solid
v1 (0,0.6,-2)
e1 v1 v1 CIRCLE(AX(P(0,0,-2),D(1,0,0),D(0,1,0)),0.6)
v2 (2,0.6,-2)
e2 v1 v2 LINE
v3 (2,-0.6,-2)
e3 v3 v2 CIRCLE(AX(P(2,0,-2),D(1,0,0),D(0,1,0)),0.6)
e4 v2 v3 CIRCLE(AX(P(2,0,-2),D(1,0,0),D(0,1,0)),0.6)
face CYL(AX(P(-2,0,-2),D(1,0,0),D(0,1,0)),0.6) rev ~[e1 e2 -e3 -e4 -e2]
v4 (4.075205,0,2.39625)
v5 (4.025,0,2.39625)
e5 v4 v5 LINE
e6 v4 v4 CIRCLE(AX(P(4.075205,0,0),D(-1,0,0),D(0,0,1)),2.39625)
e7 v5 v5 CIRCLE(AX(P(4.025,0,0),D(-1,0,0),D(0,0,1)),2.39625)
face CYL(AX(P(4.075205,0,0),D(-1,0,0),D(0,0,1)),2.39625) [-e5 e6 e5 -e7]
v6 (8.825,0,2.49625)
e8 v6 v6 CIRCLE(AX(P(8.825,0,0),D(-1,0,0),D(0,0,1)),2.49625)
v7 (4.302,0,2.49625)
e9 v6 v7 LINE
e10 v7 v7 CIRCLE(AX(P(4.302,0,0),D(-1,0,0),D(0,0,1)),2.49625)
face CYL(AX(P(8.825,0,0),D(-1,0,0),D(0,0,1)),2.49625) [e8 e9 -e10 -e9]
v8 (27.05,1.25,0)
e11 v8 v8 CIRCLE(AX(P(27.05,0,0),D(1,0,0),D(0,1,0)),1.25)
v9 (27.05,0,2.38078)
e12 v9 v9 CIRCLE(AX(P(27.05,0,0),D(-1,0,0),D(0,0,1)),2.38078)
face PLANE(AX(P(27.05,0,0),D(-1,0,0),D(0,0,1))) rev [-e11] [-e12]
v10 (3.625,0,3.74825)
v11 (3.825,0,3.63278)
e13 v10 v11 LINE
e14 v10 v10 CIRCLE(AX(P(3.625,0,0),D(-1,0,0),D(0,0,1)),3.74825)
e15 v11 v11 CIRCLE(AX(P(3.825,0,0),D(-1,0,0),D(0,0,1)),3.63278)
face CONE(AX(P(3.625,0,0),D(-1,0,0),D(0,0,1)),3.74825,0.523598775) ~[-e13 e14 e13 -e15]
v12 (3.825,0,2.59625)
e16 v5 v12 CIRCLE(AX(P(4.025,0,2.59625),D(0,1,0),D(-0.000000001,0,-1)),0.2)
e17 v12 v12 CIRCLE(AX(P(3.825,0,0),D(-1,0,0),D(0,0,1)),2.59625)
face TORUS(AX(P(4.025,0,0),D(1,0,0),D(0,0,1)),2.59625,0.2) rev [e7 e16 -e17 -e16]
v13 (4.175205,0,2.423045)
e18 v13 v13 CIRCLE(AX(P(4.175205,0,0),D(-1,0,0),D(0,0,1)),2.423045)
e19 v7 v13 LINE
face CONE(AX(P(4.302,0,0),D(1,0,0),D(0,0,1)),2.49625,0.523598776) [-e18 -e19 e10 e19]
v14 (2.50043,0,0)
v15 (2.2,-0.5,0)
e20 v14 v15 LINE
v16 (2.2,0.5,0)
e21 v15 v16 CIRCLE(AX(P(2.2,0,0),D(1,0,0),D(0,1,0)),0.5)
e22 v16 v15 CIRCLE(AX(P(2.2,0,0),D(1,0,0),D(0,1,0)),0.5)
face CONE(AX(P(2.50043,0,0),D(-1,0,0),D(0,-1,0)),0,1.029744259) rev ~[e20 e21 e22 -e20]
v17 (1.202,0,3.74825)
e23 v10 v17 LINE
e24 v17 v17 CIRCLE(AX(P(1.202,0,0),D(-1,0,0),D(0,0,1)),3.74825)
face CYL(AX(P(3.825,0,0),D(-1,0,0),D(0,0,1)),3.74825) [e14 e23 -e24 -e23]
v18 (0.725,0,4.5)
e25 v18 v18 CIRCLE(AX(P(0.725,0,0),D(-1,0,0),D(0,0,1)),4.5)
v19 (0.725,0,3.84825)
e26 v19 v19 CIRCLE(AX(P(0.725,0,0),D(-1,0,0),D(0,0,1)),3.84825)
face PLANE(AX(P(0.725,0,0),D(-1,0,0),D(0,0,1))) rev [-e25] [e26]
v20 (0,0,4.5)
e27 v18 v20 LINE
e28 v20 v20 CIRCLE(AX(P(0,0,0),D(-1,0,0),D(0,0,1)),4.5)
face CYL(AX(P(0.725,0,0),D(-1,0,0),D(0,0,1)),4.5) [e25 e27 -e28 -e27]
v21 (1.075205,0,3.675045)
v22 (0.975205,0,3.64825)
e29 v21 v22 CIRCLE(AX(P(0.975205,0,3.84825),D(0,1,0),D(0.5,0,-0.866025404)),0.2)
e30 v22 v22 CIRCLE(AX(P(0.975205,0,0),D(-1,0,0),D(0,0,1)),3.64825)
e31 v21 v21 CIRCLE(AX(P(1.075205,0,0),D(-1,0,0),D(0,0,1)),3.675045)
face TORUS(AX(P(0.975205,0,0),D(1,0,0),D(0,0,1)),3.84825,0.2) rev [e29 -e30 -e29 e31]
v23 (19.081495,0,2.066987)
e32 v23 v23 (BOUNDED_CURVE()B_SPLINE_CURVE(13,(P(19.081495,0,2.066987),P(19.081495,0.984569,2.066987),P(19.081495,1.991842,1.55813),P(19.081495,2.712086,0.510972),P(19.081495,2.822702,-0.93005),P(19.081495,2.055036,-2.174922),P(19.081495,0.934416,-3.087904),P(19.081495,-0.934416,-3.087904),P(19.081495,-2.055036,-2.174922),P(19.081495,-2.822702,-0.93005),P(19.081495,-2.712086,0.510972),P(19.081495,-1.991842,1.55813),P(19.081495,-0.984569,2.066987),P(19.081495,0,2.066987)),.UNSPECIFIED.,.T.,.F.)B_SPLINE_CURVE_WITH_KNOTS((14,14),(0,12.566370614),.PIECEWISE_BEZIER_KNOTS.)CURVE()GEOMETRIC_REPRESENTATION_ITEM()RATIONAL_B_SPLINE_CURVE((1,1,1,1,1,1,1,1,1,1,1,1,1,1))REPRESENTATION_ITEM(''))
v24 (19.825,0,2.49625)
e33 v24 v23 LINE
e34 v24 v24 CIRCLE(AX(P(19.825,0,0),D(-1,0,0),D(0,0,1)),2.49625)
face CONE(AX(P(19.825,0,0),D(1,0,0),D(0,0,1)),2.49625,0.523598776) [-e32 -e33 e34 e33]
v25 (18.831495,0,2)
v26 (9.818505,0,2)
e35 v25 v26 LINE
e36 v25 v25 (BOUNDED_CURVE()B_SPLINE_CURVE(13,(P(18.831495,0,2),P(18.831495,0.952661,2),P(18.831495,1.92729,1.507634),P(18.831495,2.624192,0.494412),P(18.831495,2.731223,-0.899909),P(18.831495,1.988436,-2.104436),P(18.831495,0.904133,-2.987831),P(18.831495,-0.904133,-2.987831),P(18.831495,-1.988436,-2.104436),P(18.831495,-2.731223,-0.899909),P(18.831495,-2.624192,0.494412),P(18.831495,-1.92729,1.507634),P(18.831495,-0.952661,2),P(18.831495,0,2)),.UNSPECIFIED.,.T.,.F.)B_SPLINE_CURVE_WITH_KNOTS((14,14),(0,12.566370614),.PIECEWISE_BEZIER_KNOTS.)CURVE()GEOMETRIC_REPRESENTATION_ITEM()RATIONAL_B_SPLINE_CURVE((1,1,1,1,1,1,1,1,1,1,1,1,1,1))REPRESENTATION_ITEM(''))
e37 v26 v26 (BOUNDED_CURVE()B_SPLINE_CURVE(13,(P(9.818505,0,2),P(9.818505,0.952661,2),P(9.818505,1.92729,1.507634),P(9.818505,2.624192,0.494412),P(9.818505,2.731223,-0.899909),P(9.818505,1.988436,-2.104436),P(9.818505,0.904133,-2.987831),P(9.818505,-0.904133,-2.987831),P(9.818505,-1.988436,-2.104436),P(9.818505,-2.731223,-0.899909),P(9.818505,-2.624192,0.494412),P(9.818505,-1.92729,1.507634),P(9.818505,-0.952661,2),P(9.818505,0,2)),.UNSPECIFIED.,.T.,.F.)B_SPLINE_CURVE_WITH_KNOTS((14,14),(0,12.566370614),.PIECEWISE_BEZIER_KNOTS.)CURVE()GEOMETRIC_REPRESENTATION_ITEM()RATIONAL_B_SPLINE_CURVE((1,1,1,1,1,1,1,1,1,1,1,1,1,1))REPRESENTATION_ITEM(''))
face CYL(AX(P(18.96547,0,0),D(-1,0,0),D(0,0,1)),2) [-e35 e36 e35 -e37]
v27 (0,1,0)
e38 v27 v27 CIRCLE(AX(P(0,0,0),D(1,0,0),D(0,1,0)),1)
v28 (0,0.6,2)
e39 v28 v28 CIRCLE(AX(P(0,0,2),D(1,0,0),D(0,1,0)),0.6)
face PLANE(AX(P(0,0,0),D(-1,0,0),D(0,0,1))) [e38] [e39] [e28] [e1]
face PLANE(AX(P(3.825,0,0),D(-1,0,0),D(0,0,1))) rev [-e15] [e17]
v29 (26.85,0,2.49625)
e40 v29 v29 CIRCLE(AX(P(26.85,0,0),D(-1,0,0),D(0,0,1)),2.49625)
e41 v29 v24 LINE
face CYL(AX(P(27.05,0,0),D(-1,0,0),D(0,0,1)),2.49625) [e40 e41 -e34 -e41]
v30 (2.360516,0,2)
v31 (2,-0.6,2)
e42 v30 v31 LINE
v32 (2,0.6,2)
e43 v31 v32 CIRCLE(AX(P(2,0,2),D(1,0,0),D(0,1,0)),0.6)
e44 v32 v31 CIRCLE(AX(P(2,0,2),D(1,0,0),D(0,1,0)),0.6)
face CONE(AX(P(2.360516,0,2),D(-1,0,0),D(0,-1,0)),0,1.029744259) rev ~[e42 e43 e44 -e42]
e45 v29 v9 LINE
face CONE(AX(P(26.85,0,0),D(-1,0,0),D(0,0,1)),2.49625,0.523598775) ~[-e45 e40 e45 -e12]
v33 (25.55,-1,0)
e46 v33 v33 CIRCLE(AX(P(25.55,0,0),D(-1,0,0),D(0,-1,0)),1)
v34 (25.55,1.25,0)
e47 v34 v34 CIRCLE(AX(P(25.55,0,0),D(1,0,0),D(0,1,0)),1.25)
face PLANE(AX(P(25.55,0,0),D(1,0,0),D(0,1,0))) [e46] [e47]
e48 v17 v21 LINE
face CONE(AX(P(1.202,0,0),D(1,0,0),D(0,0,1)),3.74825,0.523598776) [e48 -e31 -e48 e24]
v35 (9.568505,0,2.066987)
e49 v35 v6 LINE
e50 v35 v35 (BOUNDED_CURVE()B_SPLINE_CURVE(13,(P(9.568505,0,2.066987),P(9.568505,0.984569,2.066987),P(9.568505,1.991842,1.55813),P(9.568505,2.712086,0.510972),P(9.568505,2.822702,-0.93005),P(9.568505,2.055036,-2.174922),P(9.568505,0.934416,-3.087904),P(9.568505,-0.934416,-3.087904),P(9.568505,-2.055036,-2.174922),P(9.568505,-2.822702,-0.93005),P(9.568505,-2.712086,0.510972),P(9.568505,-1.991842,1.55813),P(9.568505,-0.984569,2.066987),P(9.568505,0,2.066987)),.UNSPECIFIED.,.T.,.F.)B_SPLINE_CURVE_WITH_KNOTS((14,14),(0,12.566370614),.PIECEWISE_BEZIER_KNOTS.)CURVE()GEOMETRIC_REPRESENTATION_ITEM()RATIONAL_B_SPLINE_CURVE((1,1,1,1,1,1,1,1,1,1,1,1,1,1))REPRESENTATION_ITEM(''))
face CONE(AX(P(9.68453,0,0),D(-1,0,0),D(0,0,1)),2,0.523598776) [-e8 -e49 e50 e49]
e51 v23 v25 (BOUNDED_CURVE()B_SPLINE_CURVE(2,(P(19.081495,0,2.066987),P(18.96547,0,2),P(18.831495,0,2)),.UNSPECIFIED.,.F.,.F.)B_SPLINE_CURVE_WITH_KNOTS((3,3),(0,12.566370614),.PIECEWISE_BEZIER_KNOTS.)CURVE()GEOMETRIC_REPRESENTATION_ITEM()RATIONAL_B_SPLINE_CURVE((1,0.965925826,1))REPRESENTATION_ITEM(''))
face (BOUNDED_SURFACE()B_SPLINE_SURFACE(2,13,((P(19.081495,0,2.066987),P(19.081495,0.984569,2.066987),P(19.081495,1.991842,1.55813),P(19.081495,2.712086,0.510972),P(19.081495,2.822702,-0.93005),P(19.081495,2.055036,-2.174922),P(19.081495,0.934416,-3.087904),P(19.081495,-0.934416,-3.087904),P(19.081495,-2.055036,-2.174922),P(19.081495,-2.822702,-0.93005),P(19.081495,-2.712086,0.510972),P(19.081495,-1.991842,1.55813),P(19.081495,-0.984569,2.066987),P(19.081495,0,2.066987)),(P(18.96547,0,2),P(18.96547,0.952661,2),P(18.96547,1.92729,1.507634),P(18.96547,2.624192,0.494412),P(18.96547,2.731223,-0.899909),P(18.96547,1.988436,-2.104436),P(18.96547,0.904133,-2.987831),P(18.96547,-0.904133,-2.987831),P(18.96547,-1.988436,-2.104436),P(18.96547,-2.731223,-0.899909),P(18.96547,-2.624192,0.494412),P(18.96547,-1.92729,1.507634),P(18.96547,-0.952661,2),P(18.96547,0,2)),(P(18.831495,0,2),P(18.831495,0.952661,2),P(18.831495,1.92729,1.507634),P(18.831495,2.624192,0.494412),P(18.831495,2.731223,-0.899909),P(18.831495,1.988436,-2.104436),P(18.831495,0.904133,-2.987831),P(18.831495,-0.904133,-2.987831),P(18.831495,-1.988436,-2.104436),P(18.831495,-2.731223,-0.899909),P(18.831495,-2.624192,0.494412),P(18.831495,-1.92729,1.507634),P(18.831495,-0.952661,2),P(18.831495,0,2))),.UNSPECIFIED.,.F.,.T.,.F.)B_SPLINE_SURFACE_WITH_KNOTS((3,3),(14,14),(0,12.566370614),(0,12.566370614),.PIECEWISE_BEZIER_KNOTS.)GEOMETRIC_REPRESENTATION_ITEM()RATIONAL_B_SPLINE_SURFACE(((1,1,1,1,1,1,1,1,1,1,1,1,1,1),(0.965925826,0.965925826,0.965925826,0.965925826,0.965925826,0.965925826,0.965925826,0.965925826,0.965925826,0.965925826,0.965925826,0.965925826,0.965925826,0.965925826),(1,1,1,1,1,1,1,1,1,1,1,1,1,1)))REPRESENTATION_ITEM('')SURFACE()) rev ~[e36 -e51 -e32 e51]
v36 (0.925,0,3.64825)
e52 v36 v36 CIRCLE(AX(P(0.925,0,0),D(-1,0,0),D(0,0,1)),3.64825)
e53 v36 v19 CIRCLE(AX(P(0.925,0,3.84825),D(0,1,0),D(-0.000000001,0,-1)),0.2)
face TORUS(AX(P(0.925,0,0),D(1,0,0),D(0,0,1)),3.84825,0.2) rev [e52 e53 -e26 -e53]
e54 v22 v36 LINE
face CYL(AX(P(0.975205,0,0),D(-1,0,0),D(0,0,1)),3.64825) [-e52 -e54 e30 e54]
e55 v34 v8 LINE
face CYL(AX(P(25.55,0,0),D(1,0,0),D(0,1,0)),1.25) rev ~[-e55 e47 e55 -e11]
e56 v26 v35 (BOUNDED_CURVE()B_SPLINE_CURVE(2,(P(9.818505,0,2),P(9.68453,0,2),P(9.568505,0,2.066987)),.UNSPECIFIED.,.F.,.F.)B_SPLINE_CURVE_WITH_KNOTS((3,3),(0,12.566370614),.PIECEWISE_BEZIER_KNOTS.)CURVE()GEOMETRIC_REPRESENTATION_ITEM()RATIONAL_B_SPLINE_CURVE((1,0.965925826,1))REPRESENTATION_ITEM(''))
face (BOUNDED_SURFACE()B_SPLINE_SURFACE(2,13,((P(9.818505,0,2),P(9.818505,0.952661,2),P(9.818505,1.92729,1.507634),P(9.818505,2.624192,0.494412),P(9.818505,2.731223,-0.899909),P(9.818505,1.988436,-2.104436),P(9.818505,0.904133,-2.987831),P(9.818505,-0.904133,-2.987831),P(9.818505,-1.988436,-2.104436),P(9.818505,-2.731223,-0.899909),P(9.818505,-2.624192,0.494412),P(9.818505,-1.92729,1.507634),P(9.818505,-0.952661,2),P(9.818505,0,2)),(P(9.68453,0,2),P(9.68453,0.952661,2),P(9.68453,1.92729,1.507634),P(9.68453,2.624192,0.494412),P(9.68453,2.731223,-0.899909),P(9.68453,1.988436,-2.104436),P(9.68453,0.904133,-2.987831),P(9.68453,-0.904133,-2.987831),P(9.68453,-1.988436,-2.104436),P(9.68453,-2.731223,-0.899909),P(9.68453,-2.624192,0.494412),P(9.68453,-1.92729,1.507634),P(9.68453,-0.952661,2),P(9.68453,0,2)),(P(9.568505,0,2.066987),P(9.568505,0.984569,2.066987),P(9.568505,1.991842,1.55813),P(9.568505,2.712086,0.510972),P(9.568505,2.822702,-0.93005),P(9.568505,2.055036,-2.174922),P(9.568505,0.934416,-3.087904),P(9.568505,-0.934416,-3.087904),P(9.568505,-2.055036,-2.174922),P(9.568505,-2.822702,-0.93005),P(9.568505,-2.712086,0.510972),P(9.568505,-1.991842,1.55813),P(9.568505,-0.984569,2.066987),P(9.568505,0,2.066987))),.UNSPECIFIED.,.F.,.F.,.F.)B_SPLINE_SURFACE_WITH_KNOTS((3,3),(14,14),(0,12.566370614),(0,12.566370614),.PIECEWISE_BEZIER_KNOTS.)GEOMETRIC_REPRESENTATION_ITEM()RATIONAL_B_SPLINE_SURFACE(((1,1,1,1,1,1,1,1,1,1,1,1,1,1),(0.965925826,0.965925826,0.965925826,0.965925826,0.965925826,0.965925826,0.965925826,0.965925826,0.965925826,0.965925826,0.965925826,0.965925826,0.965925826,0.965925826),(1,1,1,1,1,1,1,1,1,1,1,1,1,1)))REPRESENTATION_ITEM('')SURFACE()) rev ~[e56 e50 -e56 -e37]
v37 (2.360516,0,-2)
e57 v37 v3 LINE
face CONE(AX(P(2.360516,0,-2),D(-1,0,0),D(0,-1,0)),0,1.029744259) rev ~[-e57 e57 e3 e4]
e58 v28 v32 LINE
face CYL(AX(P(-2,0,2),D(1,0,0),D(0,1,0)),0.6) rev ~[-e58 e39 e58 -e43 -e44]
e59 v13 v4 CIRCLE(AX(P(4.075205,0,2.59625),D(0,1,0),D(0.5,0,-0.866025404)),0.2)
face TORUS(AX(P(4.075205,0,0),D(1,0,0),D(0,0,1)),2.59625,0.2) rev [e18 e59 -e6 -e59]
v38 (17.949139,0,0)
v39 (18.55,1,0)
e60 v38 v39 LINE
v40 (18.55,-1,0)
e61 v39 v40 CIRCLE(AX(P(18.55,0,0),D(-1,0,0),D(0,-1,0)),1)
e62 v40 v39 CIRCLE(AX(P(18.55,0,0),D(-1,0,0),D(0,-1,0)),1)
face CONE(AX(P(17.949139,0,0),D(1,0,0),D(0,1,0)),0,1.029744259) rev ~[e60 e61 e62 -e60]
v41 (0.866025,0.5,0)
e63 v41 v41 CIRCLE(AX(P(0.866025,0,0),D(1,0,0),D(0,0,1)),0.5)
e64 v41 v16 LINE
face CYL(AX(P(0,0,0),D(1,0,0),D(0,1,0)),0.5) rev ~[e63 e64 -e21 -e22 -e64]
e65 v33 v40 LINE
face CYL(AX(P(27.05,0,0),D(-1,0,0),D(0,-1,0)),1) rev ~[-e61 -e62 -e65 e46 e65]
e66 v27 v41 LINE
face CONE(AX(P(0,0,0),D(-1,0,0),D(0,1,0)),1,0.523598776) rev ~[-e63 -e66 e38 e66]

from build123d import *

# Parameters (mm, degrees)
F2_R           = 0.5
F3_SIZE2       = 0.1154700538
F3_SIZE        = 0.2
F3_2_SIZE2     = 0.1154700538
F3_2_SIZE      = 0.2
F6_D           = 1.2
F6_DEPTH       = 2
F6_TIP         = 0.3605163714
F7_D           = 1
F7_DEPTH       = 2.2
F7_CSINK_D     = 2
F7_CSINK_ANGLE = 60
F7_TIP         = 0.3004303095
F8_D           = 2
F8_DEPTH       = 8.5
F8_CBORE_D     = 2.5
F8_CBORE_DEPTH = 1.5
F8_TIP         = 0.600860619


with BuildPart() as f1:
    # F0 (on Front) → F1 (revolve)
    with BuildSketch(Plane.XZ):
        with BuildLine():
            Line((0, 4.5), (0, 0))
            Line((0, 0), (27.05, 0))
            Line((27.05, 0), (27.05, 2.49625))
            Line((27.05, 2.49625), (19.825, 2.49625))
            Line((19.825, 2.49625), (18.9654697867, 2))
            Line((18.9654697867, 2), (9.6845302133, 2))
            Line((9.6845302133, 2), (8.825, 2.49625))
            Line((8.825, 2.49625), (4.302, 2.49625))
            Line((4.302, 2.49625), (4.1752050808, 2.4230449192))
            ThreePointArc((4.1752050808, 2.4230449192), (4.1269688898, 2.4030648347), (4.0752050808, 2.39625))
            Line((4.0752050808, 2.39625), (4.025, 2.39625))
            ThreePointArc((4.025, 2.39625), (3.8835786438, 2.4548286438), (3.825, 2.59625))
            Line((3.825, 2.59625), (3.825, 3.74825))
            Line((3.825, 3.74825), (1.202, 3.74825))
            Line((1.202, 3.74825), (1.0752050808, 3.6750449192))
            ThreePointArc((1.0752050808, 3.6750449192), (1.0269688898, 3.6550648347), (0.9752050808, 3.64825))
            Line((0.9752050808, 3.64825), (0.925, 3.64825))
            ThreePointArc((0.925, 3.64825), (0.7835786438, 3.7068286438), (0.725, 3.84825))
            Line((0.725, 3.84825), (0.725, 4.5))
            Line((0.725, 4.5), (0, 4.5))
        make_face()
    revolve(axis=Axis((13.525, 0, 0), (-1, 0, 0)))

    # F2
    f2_edges = [f1.edges().sort_by_distance(p)[0] for p in [
        (9.68453, 0, -2),
        (18.96547, 0, -2),
    ]]
    fillet(f2_edges, radius=F2_R)

    # F3
    f3_edges = [f1.edges().sort_by_distance(p)[0] for p in [
        (27.05, 0, -2.49625),
    ]]
    f3_side = f1.faces().sort_by_distance((23.4375, 0, -2.49625))[0]
    chamfer(f3_edges, length=F3_SIZE, length2=F3_SIZE2, reference=f3_side)

    # F3#2
    f3_2_edges = [f1.edges().sort_by_distance(p)[0] for p in [
        (3.825, 0, -3.74825),
    ]]
    f3_2_side = f1.faces().sort_by_distance((2.5135, 0, -3.74825))[0]
    chamfer(f3_2_edges, length=F3_2_SIZE, length2=F3_2_SIZE2, reference=f3_2_side)

    # F6
    with Locations(Plane(origin=(0, 0, 0), x_dir=(0, -1, 0), z_dir=(-1, 0, 0))):
        with Locations((0, 2), (0, -2)):
            Hole(F6_D / 2, depth=F6_DEPTH)
            with Locations((0, 0, -(F6_DEPTH + F6_TIP / 2))):  # 118° drill point
                Cone(0, F6_D / 2, F6_TIP, mode=Mode.SUBTRACT)

    # F7
    with Locations(Plane(origin=(0, 0, 0), x_dir=(0, -1, 0), z_dir=(-1, 0, 0))):
        with Locations((0, 0)):
            CounterSinkHole(F7_D / 2, F7_CSINK_D / 2, depth=F7_DEPTH, counter_sink_angle=F7_CSINK_ANGLE)
            with Locations((0, 0, -(F7_DEPTH + F7_TIP / 2))):  # 118° drill point
                Cone(0, F7_D / 2, F7_TIP, mode=Mode.SUBTRACT)

    # F8
    with Locations(Plane.YZ.offset(27.05)):
        with Locations((0, 0)):
            CounterBoreHole(F8_D / 2, F8_CBORE_D / 2, F8_CBORE_DEPTH, depth=F8_DEPTH)
            with Locations((0, 0, -(F8_DEPTH + F8_TIP / 2))):  # 118° drill point
                Cone(0, F8_D / 2, F8_TIP, mode=Mode.SUBTRACT)


solid = f1.part
